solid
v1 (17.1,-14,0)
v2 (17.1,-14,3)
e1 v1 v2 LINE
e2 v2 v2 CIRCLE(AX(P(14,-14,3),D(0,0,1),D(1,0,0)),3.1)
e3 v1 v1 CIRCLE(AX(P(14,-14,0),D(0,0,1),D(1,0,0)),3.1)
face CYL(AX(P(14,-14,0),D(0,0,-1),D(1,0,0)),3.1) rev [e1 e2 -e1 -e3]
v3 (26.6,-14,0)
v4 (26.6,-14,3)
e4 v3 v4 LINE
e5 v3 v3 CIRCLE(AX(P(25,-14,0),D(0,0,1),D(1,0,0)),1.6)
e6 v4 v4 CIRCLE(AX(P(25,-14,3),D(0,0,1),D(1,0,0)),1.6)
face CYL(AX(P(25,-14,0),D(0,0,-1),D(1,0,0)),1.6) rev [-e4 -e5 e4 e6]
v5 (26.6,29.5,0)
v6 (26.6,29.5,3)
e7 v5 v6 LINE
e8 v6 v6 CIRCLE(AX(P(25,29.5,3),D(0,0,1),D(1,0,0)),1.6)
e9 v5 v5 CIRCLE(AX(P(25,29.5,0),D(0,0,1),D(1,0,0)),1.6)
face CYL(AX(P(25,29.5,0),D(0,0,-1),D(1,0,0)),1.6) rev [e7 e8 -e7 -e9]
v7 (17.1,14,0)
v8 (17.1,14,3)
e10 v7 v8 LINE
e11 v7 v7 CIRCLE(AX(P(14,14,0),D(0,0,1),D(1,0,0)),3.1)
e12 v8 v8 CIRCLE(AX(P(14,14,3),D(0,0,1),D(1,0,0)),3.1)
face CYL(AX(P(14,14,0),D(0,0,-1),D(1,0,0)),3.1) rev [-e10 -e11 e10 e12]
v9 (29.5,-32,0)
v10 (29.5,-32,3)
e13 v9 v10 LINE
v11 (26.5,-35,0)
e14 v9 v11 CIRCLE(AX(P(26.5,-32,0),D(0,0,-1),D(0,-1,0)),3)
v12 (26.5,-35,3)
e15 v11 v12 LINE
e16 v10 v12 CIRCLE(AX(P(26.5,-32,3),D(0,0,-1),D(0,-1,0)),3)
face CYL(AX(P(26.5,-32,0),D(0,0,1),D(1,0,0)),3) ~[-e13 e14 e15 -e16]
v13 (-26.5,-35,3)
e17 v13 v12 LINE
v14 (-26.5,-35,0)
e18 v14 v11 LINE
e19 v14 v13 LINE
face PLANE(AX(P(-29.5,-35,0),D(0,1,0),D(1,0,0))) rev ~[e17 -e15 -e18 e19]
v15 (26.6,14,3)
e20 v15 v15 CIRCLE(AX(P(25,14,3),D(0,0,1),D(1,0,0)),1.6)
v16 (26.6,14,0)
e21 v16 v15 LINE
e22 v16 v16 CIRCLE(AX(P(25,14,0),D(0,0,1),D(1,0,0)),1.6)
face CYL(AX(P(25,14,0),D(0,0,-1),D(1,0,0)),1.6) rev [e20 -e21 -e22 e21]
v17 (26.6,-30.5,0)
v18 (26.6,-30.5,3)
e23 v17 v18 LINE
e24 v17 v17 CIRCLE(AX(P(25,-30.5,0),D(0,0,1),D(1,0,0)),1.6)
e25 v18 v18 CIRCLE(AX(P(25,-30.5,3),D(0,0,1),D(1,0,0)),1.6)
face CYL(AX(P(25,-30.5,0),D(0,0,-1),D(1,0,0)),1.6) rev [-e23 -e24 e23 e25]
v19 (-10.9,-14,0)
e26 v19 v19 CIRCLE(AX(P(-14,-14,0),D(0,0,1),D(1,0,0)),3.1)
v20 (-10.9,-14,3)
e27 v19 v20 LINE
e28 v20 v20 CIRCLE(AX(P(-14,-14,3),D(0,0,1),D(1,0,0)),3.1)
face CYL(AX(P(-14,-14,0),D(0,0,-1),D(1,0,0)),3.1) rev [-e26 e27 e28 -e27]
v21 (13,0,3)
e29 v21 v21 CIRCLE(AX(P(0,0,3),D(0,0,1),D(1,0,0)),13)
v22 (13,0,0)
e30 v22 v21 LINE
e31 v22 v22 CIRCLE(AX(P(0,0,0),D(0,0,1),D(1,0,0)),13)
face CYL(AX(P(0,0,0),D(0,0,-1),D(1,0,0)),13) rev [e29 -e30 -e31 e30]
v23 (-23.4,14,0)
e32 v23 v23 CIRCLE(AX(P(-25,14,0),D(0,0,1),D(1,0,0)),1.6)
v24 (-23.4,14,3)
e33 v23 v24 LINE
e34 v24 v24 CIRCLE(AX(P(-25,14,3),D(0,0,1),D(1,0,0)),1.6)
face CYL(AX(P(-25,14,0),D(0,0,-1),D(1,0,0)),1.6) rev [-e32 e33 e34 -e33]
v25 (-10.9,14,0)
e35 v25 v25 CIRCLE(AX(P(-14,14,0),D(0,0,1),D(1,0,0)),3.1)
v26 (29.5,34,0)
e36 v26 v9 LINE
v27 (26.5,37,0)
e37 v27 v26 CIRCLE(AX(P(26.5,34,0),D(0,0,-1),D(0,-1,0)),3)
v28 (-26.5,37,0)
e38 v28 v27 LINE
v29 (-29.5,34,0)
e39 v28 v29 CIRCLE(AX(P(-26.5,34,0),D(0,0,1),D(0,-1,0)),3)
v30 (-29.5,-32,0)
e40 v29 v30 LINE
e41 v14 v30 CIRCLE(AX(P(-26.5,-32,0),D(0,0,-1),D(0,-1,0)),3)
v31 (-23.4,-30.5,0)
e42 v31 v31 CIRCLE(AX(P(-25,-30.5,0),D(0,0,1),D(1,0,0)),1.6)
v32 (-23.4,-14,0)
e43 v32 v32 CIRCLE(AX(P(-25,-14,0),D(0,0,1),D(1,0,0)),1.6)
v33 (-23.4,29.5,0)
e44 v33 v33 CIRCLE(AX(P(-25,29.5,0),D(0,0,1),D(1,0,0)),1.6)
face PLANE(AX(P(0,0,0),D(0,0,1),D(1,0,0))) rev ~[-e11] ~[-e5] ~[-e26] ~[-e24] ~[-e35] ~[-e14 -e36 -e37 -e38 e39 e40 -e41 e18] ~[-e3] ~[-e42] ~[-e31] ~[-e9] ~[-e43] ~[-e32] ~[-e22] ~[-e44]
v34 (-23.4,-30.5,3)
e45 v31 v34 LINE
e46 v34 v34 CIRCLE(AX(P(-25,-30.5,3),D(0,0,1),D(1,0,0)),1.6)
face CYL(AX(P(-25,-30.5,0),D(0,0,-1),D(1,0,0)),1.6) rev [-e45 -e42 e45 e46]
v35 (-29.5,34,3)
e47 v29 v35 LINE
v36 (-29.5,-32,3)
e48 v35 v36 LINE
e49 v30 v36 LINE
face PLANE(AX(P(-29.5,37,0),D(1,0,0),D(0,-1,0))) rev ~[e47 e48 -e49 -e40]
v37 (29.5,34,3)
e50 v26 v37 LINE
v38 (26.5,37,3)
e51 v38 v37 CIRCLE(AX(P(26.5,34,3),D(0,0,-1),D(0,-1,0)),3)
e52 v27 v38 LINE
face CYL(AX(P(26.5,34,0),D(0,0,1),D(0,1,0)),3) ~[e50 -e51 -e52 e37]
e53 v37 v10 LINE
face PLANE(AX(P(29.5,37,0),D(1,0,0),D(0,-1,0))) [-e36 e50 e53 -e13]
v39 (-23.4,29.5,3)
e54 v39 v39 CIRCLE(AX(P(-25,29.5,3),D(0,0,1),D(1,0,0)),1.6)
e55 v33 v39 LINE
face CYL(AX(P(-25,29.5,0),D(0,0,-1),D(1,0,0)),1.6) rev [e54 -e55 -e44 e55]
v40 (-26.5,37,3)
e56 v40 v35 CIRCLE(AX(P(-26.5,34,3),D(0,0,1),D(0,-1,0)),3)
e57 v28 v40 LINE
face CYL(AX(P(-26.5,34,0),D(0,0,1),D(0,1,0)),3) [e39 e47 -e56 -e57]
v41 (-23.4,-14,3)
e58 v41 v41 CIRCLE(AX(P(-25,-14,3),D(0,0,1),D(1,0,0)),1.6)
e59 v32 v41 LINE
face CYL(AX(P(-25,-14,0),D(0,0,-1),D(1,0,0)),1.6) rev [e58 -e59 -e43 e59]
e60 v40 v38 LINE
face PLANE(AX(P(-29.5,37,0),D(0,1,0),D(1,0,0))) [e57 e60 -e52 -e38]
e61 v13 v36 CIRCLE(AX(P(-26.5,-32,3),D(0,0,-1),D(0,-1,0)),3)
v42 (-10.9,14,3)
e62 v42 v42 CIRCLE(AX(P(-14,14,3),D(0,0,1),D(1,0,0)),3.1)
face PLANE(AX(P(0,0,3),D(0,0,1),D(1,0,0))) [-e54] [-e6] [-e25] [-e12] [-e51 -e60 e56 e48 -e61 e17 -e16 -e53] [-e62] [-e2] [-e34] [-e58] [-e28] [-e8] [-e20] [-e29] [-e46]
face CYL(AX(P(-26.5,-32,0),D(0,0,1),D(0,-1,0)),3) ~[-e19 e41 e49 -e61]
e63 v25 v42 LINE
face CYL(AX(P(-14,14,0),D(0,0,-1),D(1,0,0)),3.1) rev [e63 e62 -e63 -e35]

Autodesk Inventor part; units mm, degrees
ref_plane "YZ Plane" through (0, 0, 0) normal (1, 0, 0) x (0, 1, 0)
ref_plane "XZ Plane" through (0, 0, 0) normal (0, 1, 0) x (-1, 0, 0)
ref_plane "XY Plane" through (0, 0, 0) normal (0, 0, 1) x (1, 0, 0)
sketch "スケッチ1" plane through (0, 0, 0) normal (0, 0, 1) x (1, 0, 0)
  circle A0 centre (0, 0) radius 13
  circle A1 centre (-14, 14) radius 3.1
  circle A2 centre (14, 14) radius 3.1
  circle A3 centre (-14, -14) radius 3.1
  circle A4 centre (14, -14) radius 3.1
  line L0 (20, 20) -> (-20, 20) construction
  line L1 (-20, 20) -> (-20, -20) construction
  line L2 (-20, -20) -> (20, -20) construction
  line L3 (20, -20) -> (20, 20) construction
  line L4 (20, 20) -> (-20, -20) construction
  line L5 (-20, 20) -> (20, -20) construction
  circle A5 centre (-25, 14) radius 1.6
  circle A6 centre (-25, -14) radius 1.6
  circle A7 centre (25, 14) radius 1.6
  circle A8 centre (25, -14) radius 1.6
  line L6 (-47.387, 37) -> (51.5127, 37) construction
  line L7 (51.5127, 37) -> (51.5127, 22) construction
  line L8 (51.5127, 22) -> (-47.387, 22) construction
  line L9 (-47.387, 22) -> (-47.387, 37) construction
  circle A9 centre (-25, 29.5) radius 1.6
  circle A10 centre (25, 29.5) radius 1.6
  circle A11 centre (-25, -30.5) radius 1.6
  circle A12 centre (25, -30.5) radius 1.6
  line L10 (-36.8919, -26) -> (36.9631, -26) construction
  line L11 (36.9631, -26) -> (36.9631, -35) construction
  line L12 (36.9631, -35) -> (-36.8919, -35) construction
  line L13 (-36.8919, -35) -> (-36.8919, -26) construction
  line L14 (-29.5, 37) -> (-29.5, -35)
  line L15 (-29.5, 37) -> (29.5, 37)
  line L16 (29.5, 37) -> (29.5, -35)
  line L17 (-29.5, -35) -> (29.5, -35)
  dimension "d0" = 26
  dimension "d1" = 6.2
  dimension "d2" = 6.2
  dimension "d3" = 6.2
  dimension "d4" = 6.2
  dimension "d5" = 28
  dimension "d6" = 28
  dimension "d7" = 14
  dimension "d8" = 14
  dimension "d9" = 40
  dimension "d10" = 40
  dimension "d11" = 3.2
  dimension "d12" = 3.2
  dimension "d13" = 3.2
  dimension "d14" = 3.2
  dimension "d15" = 15
  dimension "d16" = 2
  dimension "d17" = 5
  dimension "d18" = 5
  dimension "d19" = 3.2
  dimension "d20" = 3.2
  dimension "d21" = 7.5
  dimension "d22" = 3.2
  dimension "d23" = 3.2
  dimension "d26" = 9
  dimension "d27" = 4.5
  dimension "d28" = 63
  dimension "d29" = 4.5
  dimension "d30" = 4.5
extrude "押し出し1" add sketch "スケッチ1" along normal blind 3
fillet "フィレット1" radius 3 4 edges at (-29.5, 37, 1.5) (29.5, 37, 1.5) (29.5, -35, 1.5) (-29.5, -35, 1.5)
equation "\"d7\" = 0.5 * d5"
equation "\"d8\" = 0.5 * d6"
properties part number "ハンド_シリンダ固定板" material "アルミニウム 6061"
